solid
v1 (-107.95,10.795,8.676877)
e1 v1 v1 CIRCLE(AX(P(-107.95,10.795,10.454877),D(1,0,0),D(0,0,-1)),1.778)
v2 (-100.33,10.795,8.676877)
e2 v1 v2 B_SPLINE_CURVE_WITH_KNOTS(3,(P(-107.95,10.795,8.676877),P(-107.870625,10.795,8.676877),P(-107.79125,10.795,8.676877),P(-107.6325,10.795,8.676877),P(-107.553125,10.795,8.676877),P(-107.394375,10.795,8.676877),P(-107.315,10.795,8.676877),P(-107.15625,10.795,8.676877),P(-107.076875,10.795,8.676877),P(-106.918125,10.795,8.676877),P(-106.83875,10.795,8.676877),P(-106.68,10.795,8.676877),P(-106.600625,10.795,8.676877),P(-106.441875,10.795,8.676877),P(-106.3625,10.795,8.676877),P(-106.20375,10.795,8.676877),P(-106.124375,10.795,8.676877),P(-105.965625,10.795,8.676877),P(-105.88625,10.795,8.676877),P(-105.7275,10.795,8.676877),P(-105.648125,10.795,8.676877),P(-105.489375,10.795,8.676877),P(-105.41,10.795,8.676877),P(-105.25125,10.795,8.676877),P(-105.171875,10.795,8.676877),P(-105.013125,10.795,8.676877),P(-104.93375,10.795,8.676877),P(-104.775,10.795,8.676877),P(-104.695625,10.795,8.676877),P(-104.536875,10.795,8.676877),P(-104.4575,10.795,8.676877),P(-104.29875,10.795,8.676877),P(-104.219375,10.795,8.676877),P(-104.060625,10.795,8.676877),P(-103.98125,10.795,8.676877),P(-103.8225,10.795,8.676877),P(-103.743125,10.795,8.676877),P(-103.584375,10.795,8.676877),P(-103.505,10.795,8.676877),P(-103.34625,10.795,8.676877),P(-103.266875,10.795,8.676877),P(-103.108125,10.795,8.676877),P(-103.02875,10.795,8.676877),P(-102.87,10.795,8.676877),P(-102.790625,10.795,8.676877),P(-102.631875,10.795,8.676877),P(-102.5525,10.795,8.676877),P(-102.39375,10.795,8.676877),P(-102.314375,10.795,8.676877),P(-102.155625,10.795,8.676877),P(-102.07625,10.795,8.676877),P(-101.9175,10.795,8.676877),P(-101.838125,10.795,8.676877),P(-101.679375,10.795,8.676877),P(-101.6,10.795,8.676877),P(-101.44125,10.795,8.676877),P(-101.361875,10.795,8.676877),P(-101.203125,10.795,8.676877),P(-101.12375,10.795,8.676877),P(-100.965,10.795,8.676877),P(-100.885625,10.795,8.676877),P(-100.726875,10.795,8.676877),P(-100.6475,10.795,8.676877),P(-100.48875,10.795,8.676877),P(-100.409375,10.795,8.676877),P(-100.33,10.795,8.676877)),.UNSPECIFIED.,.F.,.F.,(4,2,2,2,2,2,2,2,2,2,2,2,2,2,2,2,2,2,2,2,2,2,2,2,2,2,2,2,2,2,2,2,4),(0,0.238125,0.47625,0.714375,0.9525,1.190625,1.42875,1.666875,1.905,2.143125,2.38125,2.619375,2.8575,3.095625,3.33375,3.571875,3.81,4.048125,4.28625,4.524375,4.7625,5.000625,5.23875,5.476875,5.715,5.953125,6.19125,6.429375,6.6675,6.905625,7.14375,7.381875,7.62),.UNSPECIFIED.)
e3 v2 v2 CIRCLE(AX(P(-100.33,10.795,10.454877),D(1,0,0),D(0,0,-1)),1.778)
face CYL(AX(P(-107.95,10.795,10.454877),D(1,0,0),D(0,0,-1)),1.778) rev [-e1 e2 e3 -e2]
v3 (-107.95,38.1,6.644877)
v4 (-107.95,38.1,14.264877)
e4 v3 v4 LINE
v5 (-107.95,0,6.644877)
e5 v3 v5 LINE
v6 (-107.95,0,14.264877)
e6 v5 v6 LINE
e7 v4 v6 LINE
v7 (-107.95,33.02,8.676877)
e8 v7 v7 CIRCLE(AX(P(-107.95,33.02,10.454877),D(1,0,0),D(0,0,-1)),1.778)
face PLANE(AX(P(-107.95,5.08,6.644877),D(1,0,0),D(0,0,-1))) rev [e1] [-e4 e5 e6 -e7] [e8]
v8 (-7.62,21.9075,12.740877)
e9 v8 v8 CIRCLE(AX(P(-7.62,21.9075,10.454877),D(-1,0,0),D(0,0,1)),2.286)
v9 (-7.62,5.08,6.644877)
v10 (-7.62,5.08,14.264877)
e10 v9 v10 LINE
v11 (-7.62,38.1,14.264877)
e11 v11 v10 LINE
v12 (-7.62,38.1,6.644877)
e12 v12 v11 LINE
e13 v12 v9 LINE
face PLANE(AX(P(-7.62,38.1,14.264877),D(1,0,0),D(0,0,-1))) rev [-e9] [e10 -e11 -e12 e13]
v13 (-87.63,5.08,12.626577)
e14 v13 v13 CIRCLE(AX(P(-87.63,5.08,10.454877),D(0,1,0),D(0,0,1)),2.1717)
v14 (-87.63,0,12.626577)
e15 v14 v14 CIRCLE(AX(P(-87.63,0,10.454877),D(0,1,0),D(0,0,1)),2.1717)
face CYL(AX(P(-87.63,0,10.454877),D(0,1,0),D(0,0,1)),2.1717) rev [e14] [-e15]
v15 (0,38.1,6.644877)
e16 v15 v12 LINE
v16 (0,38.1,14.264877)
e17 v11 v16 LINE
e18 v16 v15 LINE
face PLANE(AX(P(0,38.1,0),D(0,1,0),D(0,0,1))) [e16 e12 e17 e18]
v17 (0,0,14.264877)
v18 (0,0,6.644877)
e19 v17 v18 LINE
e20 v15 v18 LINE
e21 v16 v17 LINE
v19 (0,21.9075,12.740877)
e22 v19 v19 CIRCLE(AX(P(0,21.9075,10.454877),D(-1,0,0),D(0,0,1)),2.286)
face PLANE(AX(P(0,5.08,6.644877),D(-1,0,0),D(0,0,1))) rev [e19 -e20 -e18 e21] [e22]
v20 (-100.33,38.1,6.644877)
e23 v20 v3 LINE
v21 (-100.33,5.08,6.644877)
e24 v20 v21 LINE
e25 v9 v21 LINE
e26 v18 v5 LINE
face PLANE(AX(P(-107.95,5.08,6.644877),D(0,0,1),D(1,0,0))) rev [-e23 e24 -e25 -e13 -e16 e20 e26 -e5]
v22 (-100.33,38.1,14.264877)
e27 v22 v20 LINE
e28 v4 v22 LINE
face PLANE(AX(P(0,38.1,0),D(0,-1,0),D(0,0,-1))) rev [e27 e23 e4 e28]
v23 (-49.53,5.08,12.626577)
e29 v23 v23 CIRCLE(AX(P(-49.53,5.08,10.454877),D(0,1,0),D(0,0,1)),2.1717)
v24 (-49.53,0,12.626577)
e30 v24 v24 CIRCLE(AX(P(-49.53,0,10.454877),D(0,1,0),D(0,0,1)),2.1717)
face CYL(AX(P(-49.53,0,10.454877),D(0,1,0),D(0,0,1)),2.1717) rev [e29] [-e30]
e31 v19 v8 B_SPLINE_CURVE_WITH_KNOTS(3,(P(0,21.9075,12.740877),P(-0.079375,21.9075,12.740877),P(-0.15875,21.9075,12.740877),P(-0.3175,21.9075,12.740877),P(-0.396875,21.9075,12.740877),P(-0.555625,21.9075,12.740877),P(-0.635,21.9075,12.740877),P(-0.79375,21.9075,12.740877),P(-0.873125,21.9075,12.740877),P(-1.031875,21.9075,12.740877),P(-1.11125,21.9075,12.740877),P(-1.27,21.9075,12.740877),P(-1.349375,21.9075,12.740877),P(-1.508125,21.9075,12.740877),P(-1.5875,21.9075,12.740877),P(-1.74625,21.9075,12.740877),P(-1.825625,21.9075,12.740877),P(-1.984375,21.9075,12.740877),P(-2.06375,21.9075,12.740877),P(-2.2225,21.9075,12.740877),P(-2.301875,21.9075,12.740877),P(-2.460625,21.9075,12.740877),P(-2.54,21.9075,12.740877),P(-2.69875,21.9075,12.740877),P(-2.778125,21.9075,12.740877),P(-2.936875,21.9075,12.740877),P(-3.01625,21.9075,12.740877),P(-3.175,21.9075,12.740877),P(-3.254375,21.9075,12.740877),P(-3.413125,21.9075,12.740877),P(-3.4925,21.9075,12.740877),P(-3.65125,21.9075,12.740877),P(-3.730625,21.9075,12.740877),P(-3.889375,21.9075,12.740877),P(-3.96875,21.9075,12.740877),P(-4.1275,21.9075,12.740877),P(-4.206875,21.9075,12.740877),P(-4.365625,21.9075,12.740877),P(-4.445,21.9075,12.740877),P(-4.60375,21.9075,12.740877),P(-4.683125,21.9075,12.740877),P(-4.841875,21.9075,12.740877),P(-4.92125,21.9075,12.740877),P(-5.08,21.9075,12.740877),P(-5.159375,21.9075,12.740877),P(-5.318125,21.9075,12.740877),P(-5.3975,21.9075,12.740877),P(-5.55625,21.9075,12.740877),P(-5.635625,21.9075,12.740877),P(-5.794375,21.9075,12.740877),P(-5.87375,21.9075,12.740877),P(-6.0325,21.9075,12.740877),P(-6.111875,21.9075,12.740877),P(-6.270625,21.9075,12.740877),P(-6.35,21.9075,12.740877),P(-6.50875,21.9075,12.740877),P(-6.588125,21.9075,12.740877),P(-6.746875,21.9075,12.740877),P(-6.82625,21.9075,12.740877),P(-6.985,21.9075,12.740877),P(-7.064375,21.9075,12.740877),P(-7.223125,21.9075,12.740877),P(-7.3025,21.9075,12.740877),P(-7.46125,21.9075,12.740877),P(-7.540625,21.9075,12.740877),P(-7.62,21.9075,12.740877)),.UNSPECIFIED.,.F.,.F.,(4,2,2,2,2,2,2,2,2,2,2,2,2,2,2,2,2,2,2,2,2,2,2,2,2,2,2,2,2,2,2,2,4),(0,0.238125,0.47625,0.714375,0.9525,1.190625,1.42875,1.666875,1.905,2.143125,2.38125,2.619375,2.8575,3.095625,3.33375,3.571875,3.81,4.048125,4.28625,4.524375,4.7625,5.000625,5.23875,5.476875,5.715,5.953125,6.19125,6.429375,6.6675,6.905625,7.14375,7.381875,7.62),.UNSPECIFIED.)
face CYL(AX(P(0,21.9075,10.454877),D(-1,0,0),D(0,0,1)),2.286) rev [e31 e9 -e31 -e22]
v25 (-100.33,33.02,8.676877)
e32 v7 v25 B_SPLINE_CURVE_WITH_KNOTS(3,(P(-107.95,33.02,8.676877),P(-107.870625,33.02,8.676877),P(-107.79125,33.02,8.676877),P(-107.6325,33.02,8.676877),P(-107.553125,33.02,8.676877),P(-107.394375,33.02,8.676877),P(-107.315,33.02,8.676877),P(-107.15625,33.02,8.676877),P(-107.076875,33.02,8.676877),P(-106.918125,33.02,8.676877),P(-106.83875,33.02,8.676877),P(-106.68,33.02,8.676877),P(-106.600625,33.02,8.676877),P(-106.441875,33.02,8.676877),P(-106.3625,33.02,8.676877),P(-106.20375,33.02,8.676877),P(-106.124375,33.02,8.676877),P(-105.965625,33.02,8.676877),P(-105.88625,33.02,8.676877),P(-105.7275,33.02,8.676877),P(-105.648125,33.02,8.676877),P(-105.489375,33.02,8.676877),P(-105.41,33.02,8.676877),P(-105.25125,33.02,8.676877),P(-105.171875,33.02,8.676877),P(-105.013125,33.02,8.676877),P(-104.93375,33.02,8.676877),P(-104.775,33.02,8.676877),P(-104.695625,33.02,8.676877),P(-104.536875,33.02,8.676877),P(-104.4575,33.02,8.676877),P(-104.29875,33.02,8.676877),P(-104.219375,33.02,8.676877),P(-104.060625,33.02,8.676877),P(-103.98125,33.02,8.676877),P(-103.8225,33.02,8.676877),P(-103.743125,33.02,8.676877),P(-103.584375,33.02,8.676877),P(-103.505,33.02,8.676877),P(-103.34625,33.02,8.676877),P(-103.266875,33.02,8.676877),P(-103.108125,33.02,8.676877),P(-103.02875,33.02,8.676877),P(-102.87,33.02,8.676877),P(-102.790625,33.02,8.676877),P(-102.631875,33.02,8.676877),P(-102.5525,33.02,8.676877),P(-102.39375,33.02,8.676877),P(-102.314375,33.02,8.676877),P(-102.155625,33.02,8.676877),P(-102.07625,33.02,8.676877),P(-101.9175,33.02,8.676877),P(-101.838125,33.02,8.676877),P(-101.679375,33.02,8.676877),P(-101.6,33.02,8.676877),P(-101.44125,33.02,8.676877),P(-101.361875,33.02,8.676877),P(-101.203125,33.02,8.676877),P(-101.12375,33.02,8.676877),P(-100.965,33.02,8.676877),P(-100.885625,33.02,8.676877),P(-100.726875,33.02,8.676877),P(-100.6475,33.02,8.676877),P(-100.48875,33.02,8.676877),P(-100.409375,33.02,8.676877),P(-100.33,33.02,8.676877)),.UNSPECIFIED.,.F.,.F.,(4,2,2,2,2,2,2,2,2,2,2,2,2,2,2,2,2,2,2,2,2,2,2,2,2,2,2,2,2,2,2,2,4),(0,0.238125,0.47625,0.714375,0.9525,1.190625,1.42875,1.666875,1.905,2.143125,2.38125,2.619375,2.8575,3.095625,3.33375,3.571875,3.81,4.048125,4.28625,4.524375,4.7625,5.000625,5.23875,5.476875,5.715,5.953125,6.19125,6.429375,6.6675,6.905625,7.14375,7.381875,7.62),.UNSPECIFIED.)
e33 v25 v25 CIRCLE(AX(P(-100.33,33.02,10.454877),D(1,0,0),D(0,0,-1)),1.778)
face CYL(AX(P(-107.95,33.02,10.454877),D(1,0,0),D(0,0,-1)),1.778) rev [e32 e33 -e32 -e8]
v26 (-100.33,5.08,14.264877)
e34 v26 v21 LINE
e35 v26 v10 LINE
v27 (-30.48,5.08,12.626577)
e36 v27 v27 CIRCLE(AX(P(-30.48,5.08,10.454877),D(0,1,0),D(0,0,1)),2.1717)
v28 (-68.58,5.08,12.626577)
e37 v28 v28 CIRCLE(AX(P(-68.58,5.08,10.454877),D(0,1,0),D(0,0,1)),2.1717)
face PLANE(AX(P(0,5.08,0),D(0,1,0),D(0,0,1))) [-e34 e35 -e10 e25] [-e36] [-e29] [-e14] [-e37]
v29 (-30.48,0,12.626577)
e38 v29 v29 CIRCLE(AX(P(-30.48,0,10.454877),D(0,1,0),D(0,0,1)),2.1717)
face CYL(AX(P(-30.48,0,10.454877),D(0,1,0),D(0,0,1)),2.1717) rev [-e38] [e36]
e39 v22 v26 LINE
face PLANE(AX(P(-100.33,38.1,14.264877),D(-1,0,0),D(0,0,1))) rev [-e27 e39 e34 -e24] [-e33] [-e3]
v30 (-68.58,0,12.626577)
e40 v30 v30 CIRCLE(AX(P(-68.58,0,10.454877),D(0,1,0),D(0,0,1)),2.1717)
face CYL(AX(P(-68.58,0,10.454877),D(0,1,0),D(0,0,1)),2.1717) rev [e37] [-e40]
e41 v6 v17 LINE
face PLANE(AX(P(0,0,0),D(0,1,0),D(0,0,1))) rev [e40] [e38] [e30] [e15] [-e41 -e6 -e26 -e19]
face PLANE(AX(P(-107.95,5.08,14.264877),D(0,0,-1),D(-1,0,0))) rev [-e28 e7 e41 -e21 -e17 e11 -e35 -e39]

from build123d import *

# Parameters (mm, degrees)
SKETCH1_W           = 107.95
SKETCH1_H           = 7.62
BOSS_EXTRUDE1_DEPTH = 5.08
SKETCH2_W           = 7.62
SKETCH2_H           = 7.62
BOSS_EXTRUDE2_DEPTH = 33.02
SKETCH3_R           = 1.778
CUT_EXTRUDE1_DEPTH  = 7.62
SKETCH4_R           = 2.286
CUT_EXTRUDE2_DEPTH  = 7.62
SKETCH5_R           = 2.1717
CUT_EXTRUDE3_DEPTH  = 5.08


with BuildPart() as part:
    # Sketch1 → Boss-Extrude1 (new body)
    with BuildSketch(Plane(origin=(0, 0, 0), x_dir=(1, 0, 0), z_dir=(0, 1, 0))):
        with Locations((-53.975, -10.454877129)):
            Rectangle(SKETCH1_W, SKETCH1_H)
    extrude(amount=BOSS_EXTRUDE1_DEPTH)

    # Sketch2 → Boss-Extrude2 (add)
    with BuildSketch(Plane(origin=(0, 5.08, 0), x_dir=(1, 0, 0), z_dir=(0, 1, 0))):
        with Locations((-104.14, -10.454877129)):
            Rectangle(SKETCH2_W, SKETCH2_H)
        with Locations((-3.81, -10.454877129)):
            Rectangle(SKETCH2_W, SKETCH2_H)
    extrude(amount=BOSS_EXTRUDE2_DEPTH)

    # Sketch3 → Cut-Extrude1 (cut)
    with BuildSketch(Plane(origin=(-100.33, 0, 0), x_dir=(0, 0, -1), z_dir=(1, 0, 0))):
        with Locations((-10.454877129, 33.02)):
            Circle(SKETCH3_R)
        with Locations((-10.454877129, 10.795)):
            Circle(SKETCH3_R)
    extrude(amount=-CUT_EXTRUDE1_DEPTH, mode=Mode.SUBTRACT)

    # Sketch4 → Cut-Extrude2 (cut)
    with BuildSketch(Plane.ZY.offset(7.62)):
        with Locations((10.454877129, 21.9075)):
            Circle(SKETCH4_R)
    extrude(amount=-CUT_EXTRUDE2_DEPTH, mode=Mode.SUBTRACT)

    # Sketch5 → Cut-Extrude3 (cut)
    with BuildSketch(Plane(origin=(0, 5.08, 0), x_dir=(1, 0, 0), z_dir=(0, 1, 0))):
        with Locations(Location((-87.63, -10.454877129, 0), (0, 0, 270))):
            Circle(SKETCH5_R)
        with Locations(Location((-68.58, -10.454877129, 0), (0, 0, 270))):
            Circle(SKETCH5_R)
        with Locations(Location((-49.53, -10.454877129, 0), (0, 0, 270))):
            Circle(SKETCH5_R)
        with Locations(Location((-30.48, -10.454877129, 0), (0, 0, 270))):
            Circle(SKETCH5_R)
    extrude(amount=-CUT_EXTRUDE3_DEPTH, mode=Mode.SUBTRACT)


solid = part.part
